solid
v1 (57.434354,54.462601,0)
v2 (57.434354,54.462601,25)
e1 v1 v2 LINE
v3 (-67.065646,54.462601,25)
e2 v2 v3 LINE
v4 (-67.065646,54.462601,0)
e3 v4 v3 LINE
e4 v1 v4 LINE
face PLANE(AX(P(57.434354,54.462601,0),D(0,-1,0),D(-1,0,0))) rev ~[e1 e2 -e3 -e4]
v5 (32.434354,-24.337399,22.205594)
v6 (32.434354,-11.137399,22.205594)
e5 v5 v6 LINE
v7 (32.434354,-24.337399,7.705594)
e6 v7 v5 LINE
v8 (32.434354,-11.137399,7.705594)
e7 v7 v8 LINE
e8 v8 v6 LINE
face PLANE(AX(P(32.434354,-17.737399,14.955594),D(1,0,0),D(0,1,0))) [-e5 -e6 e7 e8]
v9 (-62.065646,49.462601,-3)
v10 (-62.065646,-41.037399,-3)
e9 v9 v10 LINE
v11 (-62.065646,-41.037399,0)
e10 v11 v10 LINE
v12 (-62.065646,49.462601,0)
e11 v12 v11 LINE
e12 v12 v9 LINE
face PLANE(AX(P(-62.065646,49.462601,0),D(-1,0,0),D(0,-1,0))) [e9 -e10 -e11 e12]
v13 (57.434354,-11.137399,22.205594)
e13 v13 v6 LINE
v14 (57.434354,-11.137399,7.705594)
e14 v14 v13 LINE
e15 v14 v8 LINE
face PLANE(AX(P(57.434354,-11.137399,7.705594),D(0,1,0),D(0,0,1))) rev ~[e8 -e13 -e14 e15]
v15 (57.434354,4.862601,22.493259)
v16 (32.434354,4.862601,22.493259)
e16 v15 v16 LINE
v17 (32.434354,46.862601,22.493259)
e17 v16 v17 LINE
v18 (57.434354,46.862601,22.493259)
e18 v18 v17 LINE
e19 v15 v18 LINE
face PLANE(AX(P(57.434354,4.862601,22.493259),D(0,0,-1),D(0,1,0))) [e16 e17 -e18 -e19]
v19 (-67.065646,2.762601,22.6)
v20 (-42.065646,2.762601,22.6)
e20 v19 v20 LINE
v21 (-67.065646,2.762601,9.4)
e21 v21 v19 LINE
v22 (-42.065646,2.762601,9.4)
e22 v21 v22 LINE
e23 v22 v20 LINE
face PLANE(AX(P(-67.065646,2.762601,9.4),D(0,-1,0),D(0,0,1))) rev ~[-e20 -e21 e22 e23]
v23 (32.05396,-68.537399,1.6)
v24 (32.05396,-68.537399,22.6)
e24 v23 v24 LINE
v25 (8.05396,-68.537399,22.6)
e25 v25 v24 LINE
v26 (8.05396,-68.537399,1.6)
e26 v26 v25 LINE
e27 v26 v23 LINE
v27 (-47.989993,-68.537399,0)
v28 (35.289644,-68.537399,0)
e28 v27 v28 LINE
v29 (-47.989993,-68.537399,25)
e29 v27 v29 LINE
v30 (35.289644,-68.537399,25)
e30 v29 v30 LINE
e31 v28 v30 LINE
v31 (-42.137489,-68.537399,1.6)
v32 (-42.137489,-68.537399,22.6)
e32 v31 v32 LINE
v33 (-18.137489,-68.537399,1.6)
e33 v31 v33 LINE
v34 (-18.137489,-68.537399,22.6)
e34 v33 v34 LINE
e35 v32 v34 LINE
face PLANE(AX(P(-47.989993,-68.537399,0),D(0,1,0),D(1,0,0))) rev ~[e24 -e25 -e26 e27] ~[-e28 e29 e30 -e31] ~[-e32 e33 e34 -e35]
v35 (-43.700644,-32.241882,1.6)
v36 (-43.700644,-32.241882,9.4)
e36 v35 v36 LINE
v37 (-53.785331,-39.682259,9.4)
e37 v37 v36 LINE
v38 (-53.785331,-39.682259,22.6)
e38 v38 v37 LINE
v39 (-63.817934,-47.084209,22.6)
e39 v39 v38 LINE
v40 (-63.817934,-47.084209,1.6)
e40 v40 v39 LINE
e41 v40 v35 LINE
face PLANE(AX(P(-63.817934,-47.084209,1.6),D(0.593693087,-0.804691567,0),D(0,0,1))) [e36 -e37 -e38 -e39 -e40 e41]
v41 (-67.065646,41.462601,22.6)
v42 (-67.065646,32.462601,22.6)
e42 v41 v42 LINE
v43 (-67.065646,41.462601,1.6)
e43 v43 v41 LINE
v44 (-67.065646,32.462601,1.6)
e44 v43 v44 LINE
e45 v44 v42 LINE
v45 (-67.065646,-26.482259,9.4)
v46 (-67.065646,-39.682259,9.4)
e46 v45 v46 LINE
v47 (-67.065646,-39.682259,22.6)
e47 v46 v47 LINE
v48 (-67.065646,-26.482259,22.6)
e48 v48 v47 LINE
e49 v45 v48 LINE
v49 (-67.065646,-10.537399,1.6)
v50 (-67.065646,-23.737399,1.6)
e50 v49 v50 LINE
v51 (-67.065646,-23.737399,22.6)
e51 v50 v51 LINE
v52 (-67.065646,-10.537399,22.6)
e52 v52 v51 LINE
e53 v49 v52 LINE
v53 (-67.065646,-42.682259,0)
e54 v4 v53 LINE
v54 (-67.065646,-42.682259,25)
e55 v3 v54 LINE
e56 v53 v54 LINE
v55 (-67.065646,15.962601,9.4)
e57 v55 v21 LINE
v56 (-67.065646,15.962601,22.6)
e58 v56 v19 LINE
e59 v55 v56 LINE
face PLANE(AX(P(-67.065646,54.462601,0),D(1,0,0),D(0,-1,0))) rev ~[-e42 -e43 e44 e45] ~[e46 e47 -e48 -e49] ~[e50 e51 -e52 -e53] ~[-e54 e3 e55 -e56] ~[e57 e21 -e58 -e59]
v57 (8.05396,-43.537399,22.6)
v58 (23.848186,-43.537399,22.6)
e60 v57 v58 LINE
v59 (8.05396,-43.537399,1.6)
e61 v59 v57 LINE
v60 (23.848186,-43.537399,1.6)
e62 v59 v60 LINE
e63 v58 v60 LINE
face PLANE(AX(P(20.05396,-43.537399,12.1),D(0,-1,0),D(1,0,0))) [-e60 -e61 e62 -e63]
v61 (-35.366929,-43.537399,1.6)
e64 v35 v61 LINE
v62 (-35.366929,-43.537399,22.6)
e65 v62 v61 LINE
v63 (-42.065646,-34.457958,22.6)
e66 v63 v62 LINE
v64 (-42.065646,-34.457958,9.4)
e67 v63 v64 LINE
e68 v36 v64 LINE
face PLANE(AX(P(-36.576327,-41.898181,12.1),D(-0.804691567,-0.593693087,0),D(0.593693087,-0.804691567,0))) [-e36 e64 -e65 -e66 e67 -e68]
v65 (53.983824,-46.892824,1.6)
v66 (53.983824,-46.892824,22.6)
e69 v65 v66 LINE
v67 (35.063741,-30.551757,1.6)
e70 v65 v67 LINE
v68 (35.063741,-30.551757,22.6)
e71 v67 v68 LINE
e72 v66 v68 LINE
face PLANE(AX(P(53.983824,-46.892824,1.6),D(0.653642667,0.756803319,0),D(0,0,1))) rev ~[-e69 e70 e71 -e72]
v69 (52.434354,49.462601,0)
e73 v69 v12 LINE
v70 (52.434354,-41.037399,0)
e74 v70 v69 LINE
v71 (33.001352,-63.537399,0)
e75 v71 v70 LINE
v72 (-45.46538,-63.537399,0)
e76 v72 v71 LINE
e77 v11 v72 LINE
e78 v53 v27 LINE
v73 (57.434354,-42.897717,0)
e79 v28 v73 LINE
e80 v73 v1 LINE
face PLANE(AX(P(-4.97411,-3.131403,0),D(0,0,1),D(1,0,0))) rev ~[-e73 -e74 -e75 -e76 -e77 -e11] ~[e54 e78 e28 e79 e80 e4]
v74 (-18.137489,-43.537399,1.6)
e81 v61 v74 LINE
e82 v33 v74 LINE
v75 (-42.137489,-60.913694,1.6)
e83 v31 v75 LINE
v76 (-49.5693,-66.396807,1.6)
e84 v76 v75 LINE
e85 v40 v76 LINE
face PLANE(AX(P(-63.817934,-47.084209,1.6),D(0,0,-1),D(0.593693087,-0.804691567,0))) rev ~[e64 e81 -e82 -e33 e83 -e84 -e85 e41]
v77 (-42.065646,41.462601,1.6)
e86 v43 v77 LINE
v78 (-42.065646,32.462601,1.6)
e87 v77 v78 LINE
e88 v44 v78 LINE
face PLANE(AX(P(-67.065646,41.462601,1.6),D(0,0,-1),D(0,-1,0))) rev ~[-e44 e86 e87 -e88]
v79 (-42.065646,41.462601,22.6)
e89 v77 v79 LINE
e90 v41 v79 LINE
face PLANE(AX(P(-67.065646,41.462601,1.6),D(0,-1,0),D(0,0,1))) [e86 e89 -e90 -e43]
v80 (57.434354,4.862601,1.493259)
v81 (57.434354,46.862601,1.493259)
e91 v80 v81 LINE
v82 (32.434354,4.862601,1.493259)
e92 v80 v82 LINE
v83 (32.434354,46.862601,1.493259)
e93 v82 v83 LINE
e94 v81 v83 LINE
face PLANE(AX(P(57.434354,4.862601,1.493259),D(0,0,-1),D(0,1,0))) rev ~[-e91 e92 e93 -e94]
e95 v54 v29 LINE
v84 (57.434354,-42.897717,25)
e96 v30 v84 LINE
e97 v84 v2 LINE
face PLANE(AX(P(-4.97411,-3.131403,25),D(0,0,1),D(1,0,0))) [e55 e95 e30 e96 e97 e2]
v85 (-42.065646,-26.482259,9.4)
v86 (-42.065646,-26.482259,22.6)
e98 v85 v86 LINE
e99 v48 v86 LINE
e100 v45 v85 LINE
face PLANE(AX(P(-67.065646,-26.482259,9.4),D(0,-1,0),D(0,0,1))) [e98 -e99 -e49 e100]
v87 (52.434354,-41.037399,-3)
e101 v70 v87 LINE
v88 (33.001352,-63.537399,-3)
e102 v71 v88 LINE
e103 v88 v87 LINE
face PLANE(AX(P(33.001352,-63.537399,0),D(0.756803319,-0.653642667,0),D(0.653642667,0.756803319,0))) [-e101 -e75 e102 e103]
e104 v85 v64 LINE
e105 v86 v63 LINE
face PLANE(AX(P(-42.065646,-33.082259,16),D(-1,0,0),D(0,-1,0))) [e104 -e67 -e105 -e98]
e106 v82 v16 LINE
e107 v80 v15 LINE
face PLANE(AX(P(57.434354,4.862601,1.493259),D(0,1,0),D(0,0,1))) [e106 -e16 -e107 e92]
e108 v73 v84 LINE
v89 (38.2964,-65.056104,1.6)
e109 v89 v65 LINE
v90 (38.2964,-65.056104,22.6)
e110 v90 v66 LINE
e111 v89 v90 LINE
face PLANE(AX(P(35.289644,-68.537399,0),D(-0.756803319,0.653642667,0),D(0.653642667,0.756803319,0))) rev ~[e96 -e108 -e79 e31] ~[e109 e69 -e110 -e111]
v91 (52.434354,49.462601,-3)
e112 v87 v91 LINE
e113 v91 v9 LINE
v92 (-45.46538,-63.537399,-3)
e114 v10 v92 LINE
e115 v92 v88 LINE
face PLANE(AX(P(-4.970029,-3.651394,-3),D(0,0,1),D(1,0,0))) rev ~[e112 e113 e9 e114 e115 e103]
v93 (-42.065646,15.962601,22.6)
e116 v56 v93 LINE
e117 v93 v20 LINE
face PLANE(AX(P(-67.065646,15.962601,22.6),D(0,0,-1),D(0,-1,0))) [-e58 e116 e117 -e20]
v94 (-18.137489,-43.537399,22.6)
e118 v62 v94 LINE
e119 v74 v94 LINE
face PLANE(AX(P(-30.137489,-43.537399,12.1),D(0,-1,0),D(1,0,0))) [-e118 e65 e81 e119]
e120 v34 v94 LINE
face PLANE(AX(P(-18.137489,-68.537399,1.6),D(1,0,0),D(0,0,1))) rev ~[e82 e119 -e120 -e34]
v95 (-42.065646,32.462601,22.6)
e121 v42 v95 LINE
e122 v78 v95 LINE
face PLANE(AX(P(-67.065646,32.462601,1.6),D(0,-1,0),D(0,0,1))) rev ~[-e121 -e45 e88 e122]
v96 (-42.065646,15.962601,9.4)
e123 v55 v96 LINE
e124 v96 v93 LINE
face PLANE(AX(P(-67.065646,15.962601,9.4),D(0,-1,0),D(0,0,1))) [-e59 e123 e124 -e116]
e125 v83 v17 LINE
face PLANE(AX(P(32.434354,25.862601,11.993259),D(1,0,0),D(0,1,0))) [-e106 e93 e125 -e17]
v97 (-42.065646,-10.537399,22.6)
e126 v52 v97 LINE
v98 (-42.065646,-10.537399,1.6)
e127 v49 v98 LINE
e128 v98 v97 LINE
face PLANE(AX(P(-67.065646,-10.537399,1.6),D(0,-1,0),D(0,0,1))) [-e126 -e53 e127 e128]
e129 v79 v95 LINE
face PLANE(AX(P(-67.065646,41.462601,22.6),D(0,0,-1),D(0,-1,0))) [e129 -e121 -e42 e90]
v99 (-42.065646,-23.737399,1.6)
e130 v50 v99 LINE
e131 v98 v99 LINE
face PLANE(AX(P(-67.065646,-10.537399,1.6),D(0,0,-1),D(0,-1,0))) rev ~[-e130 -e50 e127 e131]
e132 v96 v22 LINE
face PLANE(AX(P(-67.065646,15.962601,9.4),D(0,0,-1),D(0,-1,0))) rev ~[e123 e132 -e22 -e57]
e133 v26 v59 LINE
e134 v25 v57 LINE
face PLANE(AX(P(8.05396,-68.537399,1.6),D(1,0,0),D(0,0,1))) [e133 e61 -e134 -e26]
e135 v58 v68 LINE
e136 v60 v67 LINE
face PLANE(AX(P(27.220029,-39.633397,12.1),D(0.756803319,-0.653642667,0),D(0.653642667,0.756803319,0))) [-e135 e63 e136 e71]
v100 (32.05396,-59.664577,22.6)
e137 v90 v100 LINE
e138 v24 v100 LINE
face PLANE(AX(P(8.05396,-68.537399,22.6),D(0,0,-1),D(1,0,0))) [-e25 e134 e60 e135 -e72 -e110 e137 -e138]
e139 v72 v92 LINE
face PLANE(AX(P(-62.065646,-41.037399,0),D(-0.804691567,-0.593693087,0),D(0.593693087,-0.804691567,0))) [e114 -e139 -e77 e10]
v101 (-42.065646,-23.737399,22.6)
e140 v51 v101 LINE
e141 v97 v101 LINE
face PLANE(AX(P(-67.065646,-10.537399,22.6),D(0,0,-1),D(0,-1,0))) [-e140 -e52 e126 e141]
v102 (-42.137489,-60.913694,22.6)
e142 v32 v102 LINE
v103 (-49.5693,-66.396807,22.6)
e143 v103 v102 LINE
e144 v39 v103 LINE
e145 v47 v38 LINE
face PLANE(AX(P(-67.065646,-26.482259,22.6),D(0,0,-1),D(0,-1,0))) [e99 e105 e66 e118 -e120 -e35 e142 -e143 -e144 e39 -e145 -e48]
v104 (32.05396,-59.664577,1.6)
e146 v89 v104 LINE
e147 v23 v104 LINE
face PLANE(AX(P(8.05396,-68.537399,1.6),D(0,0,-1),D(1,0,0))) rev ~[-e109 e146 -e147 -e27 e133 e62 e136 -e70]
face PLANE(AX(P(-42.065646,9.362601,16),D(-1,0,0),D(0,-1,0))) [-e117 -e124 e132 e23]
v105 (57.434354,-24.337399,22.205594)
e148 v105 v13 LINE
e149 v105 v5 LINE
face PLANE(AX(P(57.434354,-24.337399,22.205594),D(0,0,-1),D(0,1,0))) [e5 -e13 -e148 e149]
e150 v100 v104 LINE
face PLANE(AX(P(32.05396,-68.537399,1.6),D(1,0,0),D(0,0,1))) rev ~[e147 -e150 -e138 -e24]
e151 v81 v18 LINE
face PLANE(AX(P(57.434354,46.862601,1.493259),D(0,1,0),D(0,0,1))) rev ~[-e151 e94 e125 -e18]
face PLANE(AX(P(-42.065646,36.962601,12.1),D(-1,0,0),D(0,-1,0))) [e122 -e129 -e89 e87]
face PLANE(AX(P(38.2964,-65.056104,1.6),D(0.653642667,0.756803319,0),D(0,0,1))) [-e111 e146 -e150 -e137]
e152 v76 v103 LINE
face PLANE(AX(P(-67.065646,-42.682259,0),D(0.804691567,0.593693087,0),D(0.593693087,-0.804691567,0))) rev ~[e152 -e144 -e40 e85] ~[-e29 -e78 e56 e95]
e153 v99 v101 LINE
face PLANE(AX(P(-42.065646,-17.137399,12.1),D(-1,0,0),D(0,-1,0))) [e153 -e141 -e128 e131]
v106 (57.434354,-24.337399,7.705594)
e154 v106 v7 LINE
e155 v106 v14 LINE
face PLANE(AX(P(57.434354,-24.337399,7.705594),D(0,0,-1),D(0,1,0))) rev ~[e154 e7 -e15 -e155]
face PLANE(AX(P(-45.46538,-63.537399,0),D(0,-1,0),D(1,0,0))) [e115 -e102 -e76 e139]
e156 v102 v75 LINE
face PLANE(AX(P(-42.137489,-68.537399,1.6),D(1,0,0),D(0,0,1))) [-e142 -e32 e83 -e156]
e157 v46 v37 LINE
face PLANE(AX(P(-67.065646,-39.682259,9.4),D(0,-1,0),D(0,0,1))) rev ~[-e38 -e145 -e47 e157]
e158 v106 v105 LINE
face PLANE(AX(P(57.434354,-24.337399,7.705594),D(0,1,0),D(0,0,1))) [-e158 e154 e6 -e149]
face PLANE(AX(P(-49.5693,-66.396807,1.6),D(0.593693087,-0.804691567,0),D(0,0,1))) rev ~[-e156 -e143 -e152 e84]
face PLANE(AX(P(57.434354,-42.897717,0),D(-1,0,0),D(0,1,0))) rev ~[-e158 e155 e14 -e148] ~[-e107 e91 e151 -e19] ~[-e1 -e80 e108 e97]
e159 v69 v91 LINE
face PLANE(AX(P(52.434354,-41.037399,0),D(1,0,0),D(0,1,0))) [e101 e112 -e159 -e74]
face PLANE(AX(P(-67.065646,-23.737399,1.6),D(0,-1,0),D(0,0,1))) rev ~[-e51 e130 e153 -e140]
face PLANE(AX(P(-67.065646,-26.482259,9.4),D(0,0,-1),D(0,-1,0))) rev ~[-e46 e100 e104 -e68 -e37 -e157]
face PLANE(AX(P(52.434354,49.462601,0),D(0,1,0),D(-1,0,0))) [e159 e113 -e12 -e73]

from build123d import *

# Parameters (mm, degrees)
F1_DEPTH  = 3
F3_DEPTH  = 25
F4_W      = 13.2
F4_H      = 14.5
F4_W_2    = 42
F4_H_2    = 21
F5_DEPTH  = 25
F6_W      = 24
F6_H      = 21
F7_DEPTH  = 25
F8_W      = 24
F8_H      = 21
F9_DEPTH  = 25
F10_W     = 24
F10_H     = 21
F11_DEPTH = 25
F12_W     = 9
F12_H     = 21
F12_W_2   = 13.2
F12_H_2   = 13.2
F13_DEPTH = 25


with BuildPart() as f1:
    # F0 (on Top) → F1 (new body)
    with BuildSketch(Plane.XY):
        Polygon((52.4343535528, 49.4626009114), (-62.0656464472, 49.4626009114), (-62.0656464472, -41.0373990886), (-45.4653799534, -63.5373990886), (33.0013521016, -63.5373990886), (52.4343535528, -41.0373990886), align=None)
    extrude(amount=-F1_DEPTH)

    # F2 (on face) → F3 (join)
    with BuildSketch(Plane.XY):
        Polygon((52.4343535528, 54.4626009114), (-62.0656464472, 54.4626009114), (-67.0656464472, 54.4626009114), (-67.0656464472, -42.682259346), (-47.9899926711, -68.5373990886), (35.2896436851, -68.5373990886), (57.4343535528, -42.8977173713), (57.4343535528, 54.4626009114), align=None)
    extrude(amount=F3_DEPTH)

    # F4 (on face) → F5 (cut)
    with BuildSketch(Plane.YZ.offset(57.4343535528)):
        with Locations((-17.7373990886, 14.955594413)):
            Rectangle(F4_W, F4_H)
        with Locations((25.8626009114, 11.9932589587)):
            Rectangle(F4_W_2, F4_H_2)
    extrude(amount=-F5_DEPTH, mode=Mode.SUBTRACT)

    # F6 (on face) → F7 (cut)
    with BuildSketch(Plane(origin=(54.1161959556, -46.7395606462, 0), x_dir=(0.6536426668, 0.7568033193, 0), z_dir=(0.7568033193, -0.6536426668, 0))):
        with Locations((-12.2025143201, 12.1)):
            Rectangle(F6_W, F6_H)
    extrude(amount=-F7_DEPTH, mode=Mode.SUBTRACT)

    # F8 (on face) → F9 (cut)
    with BuildSketch(Plane.XZ.offset(68.5373990886)):
        with Locations((-30.1374887228, 12.1)):
            Rectangle(F8_W, F8_H)
        with Locations((20.0539599173, 12.1)):
            Rectangle(F8_W, F8_H)
    extrude(amount=-F9_DEPTH, mode=Mode.SUBTRACT)

    # F10 (on face) → F11 (cut)
    with BuildSketch(Plane(origin=(-63.8179335995, -47.0842091039, 0), x_dir=(0.5936930871, -0.8046915672, 0), z_dir=(-0.8046915672, -0.5936930871, 0))):
        with Locations((12, 12.1)):
            Rectangle(F10_W, F10_H)
    extrude(amount=-F11_DEPTH, mode=Mode.SUBTRACT)

    # F12 (on face) → F13 (cut)
    with BuildSketch(Plane(origin=(-67.0656464472, 0, 0), x_dir=(0, -1, 0), z_dir=(-1, 0, 0))):
        with Locations((-36.9626009114, 12.1)):
            Rectangle(F12_W, F12_H)
        with Locations((-9.3626009114, 16)):
            Rectangle(F12_W_2, F12_H_2)
        with Locations((17.1373990886, 12.1)):
            Rectangle(F12_W_2, F12_H)
        with Locations((33.082259346, 16)):
            Rectangle(F12_W_2, F12_H_2)
    extrude(amount=-F13_DEPTH, mode=Mode.SUBTRACT)


solid = f1.part
